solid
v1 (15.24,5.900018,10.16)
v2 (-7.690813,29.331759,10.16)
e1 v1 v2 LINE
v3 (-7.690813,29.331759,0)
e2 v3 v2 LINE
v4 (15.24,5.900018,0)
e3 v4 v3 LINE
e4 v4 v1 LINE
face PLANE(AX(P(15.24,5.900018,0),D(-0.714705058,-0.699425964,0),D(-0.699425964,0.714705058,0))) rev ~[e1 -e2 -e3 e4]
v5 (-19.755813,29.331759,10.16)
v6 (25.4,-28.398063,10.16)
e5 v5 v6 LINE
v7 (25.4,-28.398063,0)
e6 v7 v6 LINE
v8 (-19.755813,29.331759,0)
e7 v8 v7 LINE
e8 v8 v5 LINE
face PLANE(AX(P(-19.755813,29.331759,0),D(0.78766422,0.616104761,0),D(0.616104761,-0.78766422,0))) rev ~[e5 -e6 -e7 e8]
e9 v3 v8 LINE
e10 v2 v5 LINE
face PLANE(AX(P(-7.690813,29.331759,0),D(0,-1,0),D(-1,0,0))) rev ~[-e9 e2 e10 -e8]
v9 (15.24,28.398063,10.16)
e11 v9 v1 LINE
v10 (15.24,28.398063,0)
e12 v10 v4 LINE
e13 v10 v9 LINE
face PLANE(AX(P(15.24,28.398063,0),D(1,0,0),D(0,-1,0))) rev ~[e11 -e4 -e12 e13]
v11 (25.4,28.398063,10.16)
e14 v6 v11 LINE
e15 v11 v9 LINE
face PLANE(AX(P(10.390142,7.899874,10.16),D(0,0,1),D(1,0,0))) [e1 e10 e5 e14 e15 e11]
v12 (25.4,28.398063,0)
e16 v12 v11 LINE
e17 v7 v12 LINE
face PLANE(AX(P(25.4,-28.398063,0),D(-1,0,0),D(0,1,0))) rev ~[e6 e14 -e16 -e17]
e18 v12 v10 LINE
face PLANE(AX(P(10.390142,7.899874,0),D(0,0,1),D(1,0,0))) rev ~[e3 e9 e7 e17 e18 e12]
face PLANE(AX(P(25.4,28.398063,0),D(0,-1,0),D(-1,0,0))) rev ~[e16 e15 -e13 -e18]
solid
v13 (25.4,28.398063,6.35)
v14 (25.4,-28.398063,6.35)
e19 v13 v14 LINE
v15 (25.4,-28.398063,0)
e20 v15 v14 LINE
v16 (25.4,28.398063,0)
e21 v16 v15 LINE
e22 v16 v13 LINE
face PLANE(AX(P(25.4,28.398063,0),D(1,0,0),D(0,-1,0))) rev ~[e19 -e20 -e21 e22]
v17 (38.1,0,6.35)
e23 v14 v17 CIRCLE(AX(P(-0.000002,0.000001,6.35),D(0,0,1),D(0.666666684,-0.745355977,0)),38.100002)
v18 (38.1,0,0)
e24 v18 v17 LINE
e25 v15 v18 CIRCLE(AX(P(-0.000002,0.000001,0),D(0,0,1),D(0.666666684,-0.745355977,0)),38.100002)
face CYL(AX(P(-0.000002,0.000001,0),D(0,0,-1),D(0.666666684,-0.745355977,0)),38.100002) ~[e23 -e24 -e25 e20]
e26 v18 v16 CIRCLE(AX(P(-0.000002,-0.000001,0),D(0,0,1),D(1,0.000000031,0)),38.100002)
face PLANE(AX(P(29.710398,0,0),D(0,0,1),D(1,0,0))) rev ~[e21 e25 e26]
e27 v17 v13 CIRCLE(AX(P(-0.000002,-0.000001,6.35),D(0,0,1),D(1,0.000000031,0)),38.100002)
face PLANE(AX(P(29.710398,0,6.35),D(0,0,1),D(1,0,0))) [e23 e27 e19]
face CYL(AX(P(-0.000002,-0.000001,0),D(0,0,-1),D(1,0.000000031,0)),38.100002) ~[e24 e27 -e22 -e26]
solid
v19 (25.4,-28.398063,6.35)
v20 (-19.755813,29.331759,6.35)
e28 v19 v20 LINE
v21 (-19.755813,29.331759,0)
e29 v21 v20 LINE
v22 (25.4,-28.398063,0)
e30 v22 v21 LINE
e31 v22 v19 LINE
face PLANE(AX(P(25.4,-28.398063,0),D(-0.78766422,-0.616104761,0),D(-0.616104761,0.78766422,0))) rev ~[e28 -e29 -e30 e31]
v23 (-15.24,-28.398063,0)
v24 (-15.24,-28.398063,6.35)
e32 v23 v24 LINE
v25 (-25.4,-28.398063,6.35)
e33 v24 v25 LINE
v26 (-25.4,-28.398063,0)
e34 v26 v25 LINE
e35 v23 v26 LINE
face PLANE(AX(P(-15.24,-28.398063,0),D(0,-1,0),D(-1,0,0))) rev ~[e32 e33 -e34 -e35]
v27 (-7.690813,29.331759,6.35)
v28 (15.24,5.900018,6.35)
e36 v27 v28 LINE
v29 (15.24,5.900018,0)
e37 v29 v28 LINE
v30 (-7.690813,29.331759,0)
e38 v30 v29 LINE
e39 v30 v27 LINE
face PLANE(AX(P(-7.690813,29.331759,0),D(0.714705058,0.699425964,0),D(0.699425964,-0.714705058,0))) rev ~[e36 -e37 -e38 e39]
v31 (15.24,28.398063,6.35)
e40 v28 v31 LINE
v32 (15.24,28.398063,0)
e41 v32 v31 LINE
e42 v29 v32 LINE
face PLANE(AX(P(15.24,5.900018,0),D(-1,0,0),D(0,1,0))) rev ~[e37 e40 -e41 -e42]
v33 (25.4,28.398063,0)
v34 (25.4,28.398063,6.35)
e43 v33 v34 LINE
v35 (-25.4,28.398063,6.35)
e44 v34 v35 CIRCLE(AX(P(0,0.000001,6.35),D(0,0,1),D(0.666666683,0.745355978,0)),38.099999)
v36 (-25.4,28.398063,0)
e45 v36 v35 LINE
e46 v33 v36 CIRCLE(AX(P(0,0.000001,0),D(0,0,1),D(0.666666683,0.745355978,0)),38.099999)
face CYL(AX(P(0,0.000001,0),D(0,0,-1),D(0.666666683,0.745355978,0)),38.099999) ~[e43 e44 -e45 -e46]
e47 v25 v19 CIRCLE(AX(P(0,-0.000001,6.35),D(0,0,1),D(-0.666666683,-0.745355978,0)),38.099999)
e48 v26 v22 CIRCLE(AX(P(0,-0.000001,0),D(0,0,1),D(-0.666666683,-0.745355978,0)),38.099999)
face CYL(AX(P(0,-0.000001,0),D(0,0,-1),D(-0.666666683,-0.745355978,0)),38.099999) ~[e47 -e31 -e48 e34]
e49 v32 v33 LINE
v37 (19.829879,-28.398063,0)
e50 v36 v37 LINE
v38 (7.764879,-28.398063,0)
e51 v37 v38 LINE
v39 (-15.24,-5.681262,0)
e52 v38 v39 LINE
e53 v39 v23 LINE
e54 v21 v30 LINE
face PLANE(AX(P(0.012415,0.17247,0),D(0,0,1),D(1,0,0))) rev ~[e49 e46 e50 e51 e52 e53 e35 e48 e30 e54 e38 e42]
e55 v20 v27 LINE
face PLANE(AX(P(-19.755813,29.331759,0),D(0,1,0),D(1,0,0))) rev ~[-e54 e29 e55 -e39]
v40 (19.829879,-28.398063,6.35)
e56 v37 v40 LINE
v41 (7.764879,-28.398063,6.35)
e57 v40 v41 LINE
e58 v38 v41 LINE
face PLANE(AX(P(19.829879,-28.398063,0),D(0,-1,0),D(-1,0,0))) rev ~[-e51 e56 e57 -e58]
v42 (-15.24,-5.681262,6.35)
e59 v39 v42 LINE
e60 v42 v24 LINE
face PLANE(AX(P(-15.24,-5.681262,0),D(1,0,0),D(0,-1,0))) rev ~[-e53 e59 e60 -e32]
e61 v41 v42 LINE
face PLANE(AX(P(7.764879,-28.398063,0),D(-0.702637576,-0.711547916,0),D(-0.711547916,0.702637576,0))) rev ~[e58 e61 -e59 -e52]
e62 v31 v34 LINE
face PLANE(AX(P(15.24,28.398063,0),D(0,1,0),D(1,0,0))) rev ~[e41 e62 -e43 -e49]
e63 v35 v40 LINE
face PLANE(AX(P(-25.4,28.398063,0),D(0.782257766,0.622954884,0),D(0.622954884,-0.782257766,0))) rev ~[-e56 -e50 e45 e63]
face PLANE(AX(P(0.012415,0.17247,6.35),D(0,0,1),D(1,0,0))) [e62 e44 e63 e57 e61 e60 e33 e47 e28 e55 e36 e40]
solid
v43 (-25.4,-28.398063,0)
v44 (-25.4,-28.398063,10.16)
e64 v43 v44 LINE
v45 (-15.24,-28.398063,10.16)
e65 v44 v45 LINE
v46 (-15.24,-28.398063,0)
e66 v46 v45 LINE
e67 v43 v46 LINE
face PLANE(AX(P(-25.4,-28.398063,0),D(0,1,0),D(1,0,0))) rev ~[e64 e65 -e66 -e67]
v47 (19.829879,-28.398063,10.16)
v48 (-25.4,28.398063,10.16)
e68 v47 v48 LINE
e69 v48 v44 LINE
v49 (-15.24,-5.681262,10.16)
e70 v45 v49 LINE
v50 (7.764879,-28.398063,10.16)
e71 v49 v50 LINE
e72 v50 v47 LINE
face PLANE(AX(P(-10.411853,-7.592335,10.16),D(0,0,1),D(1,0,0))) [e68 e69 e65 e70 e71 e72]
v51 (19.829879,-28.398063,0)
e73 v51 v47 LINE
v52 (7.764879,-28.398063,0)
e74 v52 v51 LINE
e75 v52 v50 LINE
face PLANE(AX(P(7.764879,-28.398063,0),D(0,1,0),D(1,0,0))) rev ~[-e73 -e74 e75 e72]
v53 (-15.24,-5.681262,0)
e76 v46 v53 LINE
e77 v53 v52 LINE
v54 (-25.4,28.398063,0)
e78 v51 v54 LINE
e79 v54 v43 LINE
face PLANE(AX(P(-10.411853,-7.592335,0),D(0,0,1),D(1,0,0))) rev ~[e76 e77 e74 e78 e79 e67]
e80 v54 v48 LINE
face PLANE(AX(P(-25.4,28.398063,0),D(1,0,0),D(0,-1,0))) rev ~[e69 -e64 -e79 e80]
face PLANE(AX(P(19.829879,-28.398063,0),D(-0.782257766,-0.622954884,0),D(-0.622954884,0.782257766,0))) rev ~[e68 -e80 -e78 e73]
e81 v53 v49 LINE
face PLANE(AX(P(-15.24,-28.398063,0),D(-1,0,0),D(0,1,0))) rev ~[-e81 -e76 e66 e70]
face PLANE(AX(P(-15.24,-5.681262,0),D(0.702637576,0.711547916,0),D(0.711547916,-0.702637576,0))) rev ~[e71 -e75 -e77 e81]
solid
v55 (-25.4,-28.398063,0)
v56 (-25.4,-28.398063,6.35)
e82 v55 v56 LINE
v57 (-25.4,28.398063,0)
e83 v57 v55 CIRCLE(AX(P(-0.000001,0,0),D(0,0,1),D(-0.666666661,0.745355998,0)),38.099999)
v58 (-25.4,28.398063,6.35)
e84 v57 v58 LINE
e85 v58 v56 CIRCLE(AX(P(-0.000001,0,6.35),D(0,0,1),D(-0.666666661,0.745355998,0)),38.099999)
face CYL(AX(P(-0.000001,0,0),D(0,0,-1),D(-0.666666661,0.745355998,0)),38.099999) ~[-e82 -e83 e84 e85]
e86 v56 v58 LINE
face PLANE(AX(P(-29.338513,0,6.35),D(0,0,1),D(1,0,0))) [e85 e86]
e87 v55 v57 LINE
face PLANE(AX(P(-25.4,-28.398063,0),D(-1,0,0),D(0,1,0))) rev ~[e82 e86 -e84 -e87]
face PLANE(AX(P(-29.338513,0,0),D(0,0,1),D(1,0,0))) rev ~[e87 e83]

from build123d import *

# Parameters (mm, degrees)
F1_DEPTH = 10.16
F2_DEPTH = 6.35


with BuildPart() as f1:
    # F0 (on Top) → F1 (new body)
    with BuildSketch(Plane.XY):
        Polygon((25.4, -28.398063), (25.4, 28.398063), (15.24, 28.398063), (15.24, 5.900018), (-7.690813, 29.331759), (-19.755813, 29.331759), align=None)
        Polygon((19.829879, -28.398063), (-25.4, 28.398063), (-25.4, -28.398063), (-15.24, -28.398063), (-15.24, -5.681262), (7.764879, -28.398063), align=None)
    extrude(amount=F1_DEPTH)


with BuildPart() as f2:
    # F0 (on Top) → F2 (new body)
    with BuildSketch(Plane.XY):
        with BuildLine():
            Line((15.24, 28.398063), (25.4, 28.398063))
            ThreePointArc((25.4, 28.398063), (0, 38.1), (-25.4, 28.398063))
            Line((-25.4, 28.398063), (19.829879, -28.398063))
            Line((19.829879, -28.398063), (7.764879, -28.398063))
            Line((7.764879, -28.398063), (-15.24, -5.681262))
            Line((-15.24, -5.681262), (-15.24, -28.398063))
            Line((-15.24, -28.398063), (-25.4, -28.398063))
            ThreePointArc((-25.4, -28.398063), (0, -38.1), (25.4, -28.398063))
            Line((25.4, -28.398063), (-19.755813, 29.331759))
            Line((-19.755813, 29.331759), (-7.690813, 29.331759))
            Line((-7.690813, 29.331759), (15.24, 5.900018))
            Line((15.24, 5.900018), (15.24, 28.398063))
        make_face()
        with BuildLine():
            Line((-25.4, -28.398063), (-25.4, 28.398063))
            ThreePointArc((-25.4, 28.398063), (-38.1, 0), (-25.4, -28.398063))
        make_face()
        with BuildLine():
            ThreePointArc((25.4, -28.398063), (34.780382, -15.55426), (38.1, 0))
            ThreePointArc((38.1, 0), (34.780382, 15.55426), (25.4, 28.398063))
            Line((25.4, 28.398063), (25.4, -28.398063))
        make_face()
    extrude(amount=F2_DEPTH)


solid = Compound([f1.part, f2.part])
